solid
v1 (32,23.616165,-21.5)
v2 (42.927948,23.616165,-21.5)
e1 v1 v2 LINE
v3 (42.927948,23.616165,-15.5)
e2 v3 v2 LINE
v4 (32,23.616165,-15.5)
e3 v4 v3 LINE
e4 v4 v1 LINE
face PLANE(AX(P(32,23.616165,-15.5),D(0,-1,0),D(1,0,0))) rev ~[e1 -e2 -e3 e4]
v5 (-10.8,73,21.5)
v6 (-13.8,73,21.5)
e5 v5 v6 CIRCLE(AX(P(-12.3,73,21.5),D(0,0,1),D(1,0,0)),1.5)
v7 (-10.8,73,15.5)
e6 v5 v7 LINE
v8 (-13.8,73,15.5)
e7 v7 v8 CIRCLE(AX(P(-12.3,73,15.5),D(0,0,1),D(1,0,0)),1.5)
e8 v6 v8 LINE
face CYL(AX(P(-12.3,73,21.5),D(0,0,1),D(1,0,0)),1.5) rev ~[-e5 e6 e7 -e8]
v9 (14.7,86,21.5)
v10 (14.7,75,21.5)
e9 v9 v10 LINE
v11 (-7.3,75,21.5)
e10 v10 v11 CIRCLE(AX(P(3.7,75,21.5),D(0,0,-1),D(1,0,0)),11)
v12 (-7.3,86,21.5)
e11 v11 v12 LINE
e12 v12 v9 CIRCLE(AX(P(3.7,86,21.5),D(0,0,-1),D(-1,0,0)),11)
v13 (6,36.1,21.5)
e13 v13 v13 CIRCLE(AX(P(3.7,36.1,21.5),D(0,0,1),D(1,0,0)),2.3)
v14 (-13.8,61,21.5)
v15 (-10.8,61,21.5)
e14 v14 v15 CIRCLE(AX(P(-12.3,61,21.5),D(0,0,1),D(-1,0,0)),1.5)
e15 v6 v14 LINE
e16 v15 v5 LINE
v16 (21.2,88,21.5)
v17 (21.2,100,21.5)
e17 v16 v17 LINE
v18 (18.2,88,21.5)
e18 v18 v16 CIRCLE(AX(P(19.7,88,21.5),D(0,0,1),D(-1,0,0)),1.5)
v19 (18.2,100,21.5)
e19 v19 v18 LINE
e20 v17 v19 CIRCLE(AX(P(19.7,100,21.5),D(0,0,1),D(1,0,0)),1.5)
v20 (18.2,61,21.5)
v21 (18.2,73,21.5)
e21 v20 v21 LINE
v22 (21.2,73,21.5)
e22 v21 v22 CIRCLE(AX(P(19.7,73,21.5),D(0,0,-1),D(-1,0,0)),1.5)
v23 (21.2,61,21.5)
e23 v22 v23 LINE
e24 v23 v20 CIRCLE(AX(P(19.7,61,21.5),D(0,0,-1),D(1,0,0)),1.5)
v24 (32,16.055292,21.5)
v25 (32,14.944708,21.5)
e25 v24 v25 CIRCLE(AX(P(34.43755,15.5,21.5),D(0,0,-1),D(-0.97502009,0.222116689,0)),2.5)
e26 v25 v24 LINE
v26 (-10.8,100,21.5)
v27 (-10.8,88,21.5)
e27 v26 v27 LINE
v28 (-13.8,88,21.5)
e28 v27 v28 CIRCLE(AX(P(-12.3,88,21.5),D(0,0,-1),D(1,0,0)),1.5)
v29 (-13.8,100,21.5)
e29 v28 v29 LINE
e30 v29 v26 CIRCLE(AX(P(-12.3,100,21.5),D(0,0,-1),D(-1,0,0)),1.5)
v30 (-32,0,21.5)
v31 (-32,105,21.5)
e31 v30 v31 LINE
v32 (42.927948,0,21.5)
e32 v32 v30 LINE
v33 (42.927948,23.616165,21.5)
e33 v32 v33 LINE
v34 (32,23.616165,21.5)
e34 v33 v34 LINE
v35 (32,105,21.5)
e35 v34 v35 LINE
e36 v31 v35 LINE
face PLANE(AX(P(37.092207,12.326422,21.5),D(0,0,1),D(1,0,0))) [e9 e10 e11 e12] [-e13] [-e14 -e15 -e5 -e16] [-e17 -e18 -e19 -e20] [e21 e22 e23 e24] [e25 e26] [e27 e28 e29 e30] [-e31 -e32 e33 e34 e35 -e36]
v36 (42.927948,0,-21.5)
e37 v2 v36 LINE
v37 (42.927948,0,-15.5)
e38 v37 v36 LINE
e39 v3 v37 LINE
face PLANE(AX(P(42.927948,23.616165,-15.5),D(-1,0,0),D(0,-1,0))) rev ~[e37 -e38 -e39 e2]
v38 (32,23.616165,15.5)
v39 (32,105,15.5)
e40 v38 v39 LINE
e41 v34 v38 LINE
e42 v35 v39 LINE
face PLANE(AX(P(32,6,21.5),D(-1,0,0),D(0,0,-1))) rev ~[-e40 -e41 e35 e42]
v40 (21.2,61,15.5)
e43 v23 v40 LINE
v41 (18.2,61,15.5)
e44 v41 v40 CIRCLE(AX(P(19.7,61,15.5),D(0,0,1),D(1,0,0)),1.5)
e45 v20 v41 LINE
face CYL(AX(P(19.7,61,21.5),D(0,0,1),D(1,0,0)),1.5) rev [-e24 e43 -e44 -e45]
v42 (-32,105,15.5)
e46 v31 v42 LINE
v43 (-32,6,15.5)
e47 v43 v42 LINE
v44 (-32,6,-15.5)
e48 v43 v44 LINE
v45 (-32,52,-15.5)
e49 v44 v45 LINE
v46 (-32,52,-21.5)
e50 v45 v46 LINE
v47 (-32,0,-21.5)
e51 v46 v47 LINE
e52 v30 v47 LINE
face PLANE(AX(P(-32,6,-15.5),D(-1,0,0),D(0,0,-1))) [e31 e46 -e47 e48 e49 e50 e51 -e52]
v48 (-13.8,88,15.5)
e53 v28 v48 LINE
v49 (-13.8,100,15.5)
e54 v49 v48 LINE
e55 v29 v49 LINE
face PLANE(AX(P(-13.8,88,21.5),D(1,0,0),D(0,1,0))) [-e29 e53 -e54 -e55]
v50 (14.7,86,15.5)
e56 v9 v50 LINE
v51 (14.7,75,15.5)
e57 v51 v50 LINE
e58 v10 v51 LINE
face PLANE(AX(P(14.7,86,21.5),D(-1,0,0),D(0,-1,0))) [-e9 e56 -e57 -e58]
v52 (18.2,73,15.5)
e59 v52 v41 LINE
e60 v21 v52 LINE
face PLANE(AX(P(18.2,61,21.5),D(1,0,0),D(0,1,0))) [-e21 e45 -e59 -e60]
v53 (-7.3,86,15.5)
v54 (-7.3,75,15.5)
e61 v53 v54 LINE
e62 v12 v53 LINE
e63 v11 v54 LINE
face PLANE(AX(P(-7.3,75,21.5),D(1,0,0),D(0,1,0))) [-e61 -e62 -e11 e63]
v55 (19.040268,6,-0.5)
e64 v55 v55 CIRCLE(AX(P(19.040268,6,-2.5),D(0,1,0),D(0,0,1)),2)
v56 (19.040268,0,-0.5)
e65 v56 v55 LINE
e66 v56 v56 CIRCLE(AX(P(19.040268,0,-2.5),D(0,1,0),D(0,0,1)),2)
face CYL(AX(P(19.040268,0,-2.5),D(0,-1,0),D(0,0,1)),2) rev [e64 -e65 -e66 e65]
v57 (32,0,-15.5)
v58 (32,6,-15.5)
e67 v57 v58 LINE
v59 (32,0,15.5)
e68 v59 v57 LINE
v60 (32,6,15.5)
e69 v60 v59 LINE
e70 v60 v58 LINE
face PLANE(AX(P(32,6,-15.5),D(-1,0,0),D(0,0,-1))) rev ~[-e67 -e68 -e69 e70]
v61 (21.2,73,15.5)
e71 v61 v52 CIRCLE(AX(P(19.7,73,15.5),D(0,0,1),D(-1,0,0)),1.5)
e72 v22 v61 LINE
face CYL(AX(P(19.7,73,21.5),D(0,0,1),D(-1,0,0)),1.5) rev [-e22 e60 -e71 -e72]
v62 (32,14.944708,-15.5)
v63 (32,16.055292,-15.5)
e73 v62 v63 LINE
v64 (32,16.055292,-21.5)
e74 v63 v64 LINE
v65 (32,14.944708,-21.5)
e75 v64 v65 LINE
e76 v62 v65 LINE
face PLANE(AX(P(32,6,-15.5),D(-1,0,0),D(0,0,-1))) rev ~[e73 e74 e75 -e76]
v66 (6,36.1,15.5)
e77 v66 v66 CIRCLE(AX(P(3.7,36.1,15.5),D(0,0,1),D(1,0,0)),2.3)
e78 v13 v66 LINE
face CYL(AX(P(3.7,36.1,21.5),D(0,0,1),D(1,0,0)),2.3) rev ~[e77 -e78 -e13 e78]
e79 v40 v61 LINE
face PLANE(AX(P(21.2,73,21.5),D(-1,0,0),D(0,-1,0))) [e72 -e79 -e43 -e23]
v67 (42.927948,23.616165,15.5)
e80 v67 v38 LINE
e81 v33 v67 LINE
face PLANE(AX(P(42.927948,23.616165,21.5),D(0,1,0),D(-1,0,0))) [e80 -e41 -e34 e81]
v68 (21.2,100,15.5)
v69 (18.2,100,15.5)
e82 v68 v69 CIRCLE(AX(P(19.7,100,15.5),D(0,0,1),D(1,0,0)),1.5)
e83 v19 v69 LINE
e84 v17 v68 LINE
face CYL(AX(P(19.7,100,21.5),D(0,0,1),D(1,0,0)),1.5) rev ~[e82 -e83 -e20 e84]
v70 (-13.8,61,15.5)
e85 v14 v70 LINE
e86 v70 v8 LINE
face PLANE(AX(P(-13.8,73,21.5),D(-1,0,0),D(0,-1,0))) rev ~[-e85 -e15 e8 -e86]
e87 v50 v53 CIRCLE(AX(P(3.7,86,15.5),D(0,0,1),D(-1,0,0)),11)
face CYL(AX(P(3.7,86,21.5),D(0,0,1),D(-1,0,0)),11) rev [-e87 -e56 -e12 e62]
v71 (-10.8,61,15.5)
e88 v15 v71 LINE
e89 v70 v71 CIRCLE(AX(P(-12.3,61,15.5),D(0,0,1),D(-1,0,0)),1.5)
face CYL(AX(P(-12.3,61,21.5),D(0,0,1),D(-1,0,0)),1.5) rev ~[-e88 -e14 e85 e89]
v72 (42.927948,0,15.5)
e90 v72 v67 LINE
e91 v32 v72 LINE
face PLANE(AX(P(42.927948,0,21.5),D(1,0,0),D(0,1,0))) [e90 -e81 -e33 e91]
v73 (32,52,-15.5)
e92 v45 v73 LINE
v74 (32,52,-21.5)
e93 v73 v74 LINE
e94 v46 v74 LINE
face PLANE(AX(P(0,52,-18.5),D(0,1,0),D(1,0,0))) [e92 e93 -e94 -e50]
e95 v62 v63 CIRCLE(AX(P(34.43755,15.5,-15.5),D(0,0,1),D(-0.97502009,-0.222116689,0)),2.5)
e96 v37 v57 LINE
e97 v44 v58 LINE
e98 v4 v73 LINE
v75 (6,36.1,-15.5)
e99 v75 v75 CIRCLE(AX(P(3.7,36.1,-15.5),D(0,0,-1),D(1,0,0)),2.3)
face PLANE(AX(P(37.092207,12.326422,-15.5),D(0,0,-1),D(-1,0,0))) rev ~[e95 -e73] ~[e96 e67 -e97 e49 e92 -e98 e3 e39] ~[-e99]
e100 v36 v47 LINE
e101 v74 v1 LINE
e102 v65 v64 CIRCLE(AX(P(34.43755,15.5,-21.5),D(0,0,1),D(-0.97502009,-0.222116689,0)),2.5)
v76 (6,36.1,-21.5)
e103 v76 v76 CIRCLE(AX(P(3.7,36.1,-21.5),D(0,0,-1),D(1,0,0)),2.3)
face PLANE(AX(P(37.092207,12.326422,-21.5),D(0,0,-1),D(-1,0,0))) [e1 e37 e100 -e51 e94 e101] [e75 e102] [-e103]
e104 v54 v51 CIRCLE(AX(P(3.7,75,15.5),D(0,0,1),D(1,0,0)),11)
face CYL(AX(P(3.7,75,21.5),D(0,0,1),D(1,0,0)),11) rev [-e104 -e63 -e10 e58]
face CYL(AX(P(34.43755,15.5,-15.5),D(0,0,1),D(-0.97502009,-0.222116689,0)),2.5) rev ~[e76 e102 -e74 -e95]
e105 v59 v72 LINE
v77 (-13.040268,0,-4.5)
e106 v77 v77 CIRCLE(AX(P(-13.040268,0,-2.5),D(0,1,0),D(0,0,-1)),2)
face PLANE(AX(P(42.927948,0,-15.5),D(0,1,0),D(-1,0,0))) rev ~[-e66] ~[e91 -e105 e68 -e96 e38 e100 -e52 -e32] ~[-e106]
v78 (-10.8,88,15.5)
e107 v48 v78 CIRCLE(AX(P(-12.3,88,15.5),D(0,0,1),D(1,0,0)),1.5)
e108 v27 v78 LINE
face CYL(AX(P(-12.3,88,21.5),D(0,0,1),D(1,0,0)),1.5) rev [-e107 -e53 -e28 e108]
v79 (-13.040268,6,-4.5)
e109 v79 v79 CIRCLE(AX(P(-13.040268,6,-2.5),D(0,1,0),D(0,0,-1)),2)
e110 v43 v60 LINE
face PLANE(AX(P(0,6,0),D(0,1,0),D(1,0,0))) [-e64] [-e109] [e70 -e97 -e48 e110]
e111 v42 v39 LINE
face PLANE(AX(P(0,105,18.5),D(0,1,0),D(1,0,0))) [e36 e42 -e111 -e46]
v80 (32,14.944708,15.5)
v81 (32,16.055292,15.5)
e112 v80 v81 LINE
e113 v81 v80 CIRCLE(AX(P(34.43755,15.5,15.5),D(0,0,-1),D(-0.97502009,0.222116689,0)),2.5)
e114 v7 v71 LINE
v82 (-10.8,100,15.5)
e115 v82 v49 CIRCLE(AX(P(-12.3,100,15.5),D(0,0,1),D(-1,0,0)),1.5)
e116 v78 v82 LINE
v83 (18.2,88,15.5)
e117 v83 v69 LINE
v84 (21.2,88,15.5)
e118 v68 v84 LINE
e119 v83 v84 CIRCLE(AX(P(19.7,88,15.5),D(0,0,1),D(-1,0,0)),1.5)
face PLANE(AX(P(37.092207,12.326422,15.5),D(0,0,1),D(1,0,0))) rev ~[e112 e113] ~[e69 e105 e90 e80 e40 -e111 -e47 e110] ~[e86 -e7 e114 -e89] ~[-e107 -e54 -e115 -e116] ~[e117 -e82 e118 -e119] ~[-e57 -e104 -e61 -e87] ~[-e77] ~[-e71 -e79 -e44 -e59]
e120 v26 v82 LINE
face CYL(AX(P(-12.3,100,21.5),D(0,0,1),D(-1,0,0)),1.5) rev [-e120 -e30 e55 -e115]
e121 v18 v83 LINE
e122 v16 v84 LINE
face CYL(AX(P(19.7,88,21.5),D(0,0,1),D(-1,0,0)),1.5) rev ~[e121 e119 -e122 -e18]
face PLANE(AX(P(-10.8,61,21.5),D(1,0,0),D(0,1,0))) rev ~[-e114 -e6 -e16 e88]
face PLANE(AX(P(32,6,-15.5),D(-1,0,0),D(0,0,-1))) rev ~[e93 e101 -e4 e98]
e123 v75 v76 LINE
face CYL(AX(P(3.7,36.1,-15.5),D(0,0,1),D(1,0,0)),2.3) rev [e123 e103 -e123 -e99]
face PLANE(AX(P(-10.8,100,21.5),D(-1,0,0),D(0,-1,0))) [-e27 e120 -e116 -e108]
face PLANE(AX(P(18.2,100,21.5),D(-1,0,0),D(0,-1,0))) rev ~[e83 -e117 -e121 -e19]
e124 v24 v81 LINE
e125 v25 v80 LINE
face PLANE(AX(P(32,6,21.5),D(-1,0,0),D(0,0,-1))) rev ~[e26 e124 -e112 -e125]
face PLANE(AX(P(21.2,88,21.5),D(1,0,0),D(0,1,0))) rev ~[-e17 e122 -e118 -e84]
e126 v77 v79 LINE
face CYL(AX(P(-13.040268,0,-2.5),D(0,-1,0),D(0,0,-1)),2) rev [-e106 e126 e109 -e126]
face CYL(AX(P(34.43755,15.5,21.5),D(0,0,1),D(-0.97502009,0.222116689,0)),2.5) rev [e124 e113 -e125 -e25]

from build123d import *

# Parameters (mm, degrees)
CROQUIS1_W              = 64
CROQUIS1_H              = 43
CROQUIS1_R              = 2
SALIENTE_EXTRUIR1_DEPTH = 6
CROQUIS2_W              = 64
CROQUIS2_H              = 6
SALIENTE_EXTRUIR2_DEPTH = 99
CROQUIS3_R              = 2.3
CORTAR_EXTRUIR1_DEPTH   = 118.889779031
SALIENTE_EXTRUIR3_DEPTH = 6
CROQUIS5_W              = 64
CROQUIS5_H              = 6
SALIENTE_EXTRUIR4_DEPTH = 46
CORTAR_EXTRUIR2_START   = -6
CROQUIS6_R              = 2.3
CORTAR_EXTRUIR2_DEPTH   = 6
SALIENTE_EXTRUIR5_START = -6
SALIENTE_EXTRUIR5_DEPTH = 6


with BuildPart() as part:
    # Croquis1 → Saliente-Extruir1 (new body)
    with BuildSketch(Plane(origin=(0, 0, 0), x_dir=(1, 0, 0), z_dir=(0, 1, 0))):
        Rectangle(CROQUIS1_W, CROQUIS1_H)
        with Locations(Location((19.040268394, 2.5, 0), (0, 0, 270))):
            Circle(CROQUIS1_R, mode=Mode.SUBTRACT)
        with Locations(Location((-13.040268394, 2.5, 0), (0, 0, 90))):
            Circle(CROQUIS1_R, mode=Mode.SUBTRACT)
    extrude(amount=SALIENTE_EXTRUIR1_DEPTH)

    # Croquis2 → Saliente-Extruir2 (add)
    with BuildSketch(Plane(origin=(0, 6, 0), x_dir=(1, 0, 0), z_dir=(0, 1, 0))):
        with Locations((0, -18.5)):
            Rectangle(CROQUIS2_W, CROQUIS2_H)
    extrude(amount=SALIENTE_EXTRUIR2_DEPTH)

    # Croquis3 → Cortar-Extruir1 (cut, through all)
    with BuildSketch(Plane.XY.offset(21.5)):
        with Locations((3.7, 36.1)):
            Circle(CROQUIS3_R)
        with BuildLine():
            Line((-7.3, 75), (-7.3, 86))
            ThreePointArc((-7.3, 86), (3.7, 97), (14.7, 86))
            Line((14.7, 86), (14.7, 75))
            ThreePointArc((14.7, 75), (3.7, 64), (-7.3, 75))
        make_face()
        with BuildLine():
            Line((-13.8, 88), (-13.8, 100))
            ThreePointArc((-13.8, 100), (-12.3, 101.5), (-10.8, 100))
            Line((-10.8, 100), (-10.8, 88))
            ThreePointArc((-10.8, 88), (-12.3, 86.5), (-13.8, 88))
        make_face()
        with BuildLine():
            Line((-13.8, 73), (-13.8, 61))
            ThreePointArc((-13.8, 61), (-12.3, 59.5), (-10.8, 61))
            Line((-10.8, 61), (-10.8, 73))
            ThreePointArc((-10.8, 73), (-12.3, 74.5), (-13.8, 73))
        make_face()
        with BuildLine():
            Line((21.2, 88), (21.2, 100))
            ThreePointArc((21.2, 100), (19.7, 101.5), (18.2, 100))
            Line((18.2, 100), (18.2, 88))
            ThreePointArc((18.2, 88), (19.7, 86.5), (21.2, 88))
        make_face()
        with BuildLine():
            Line((21.2, 73), (21.2, 61))
            ThreePointArc((21.2, 61), (19.7, 59.5), (18.2, 61))
            Line((18.2, 61), (18.2, 73))
            ThreePointArc((18.2, 73), (19.7, 74.5), (21.2, 73))
        make_face()
    extrude(amount=-CORTAR_EXTRUIR1_DEPTH, mode=Mode.SUBTRACT)

    # Croquis4 → Saliente-Extruir3 (add)
    with BuildSketch(Plane.XY.offset(21.5)):
        with BuildLine():
            Line((32, 0), (42.927948292, 0))
            Line((42.927948292, 0), (42.927948292, 23.616164973))
            Line((42.927948292, 23.616164973), (32, 23.616164973))
            Line((32, 23.616164973), (32, 16.055291722))
            ThreePointArc((32, 16.055291722), (36.937550226, 15.5), (32, 14.944708278))
            Line((32, 14.944708278), (32, 0))
        make_face()
    extrude(amount=-SALIENTE_EXTRUIR3_DEPTH)

    # Croquis5 → Saliente-Extruir4 (add)
    with BuildSketch(Plane(origin=(0, 6, 0), x_dir=(1, 0, 0), z_dir=(0, 1, 0))):
        with Locations((0, 18.5)):
            Rectangle(CROQUIS5_W, CROQUIS5_H)
    extrude(amount=SALIENTE_EXTRUIR4_DEPTH)

    # Croquis6 → Cortar-Extruir2 (cut)
    with BuildSketch(Plane(origin=(0, 0, -21.5), x_dir=(-1, 0, 0), z_dir=(0, 0, -1)).offset(CORTAR_EXTRUIR2_START)):
        with Locations(Location((-3.7, 36.1, 0), (0, 0, 180))):
            Circle(CROQUIS6_R)
    extrude(amount=CORTAR_EXTRUIR2_DEPTH, mode=Mode.SUBTRACT)

    # Croquis7 → Saliente-Extruir5 (add)
    with BuildSketch(Plane(origin=(0, 0, -21.5), x_dir=(-1, 0, 0), z_dir=(0, 0, -1)).offset(SALIENTE_EXTRUIR5_START)):
        with BuildLine():
            Line((-32, 23.616164973), (-42.927948292, 23.616164973))
            Line((-42.927948292, 23.616164973), (-42.927948292, 0))
            Line((-42.927948292, 0), (-32, 0))
            Line((-32, 0), (-32, 14.944708278))
            ThreePointArc((-32, 14.944708278), (-36.937550226, 15.5), (-32, 16.055291722))
            Line((-32, 16.055291722), (-32, 23.616164973))
        make_face()
    extrude(amount=SALIENTE_EXTRUIR5_DEPTH)


solid = part.part
